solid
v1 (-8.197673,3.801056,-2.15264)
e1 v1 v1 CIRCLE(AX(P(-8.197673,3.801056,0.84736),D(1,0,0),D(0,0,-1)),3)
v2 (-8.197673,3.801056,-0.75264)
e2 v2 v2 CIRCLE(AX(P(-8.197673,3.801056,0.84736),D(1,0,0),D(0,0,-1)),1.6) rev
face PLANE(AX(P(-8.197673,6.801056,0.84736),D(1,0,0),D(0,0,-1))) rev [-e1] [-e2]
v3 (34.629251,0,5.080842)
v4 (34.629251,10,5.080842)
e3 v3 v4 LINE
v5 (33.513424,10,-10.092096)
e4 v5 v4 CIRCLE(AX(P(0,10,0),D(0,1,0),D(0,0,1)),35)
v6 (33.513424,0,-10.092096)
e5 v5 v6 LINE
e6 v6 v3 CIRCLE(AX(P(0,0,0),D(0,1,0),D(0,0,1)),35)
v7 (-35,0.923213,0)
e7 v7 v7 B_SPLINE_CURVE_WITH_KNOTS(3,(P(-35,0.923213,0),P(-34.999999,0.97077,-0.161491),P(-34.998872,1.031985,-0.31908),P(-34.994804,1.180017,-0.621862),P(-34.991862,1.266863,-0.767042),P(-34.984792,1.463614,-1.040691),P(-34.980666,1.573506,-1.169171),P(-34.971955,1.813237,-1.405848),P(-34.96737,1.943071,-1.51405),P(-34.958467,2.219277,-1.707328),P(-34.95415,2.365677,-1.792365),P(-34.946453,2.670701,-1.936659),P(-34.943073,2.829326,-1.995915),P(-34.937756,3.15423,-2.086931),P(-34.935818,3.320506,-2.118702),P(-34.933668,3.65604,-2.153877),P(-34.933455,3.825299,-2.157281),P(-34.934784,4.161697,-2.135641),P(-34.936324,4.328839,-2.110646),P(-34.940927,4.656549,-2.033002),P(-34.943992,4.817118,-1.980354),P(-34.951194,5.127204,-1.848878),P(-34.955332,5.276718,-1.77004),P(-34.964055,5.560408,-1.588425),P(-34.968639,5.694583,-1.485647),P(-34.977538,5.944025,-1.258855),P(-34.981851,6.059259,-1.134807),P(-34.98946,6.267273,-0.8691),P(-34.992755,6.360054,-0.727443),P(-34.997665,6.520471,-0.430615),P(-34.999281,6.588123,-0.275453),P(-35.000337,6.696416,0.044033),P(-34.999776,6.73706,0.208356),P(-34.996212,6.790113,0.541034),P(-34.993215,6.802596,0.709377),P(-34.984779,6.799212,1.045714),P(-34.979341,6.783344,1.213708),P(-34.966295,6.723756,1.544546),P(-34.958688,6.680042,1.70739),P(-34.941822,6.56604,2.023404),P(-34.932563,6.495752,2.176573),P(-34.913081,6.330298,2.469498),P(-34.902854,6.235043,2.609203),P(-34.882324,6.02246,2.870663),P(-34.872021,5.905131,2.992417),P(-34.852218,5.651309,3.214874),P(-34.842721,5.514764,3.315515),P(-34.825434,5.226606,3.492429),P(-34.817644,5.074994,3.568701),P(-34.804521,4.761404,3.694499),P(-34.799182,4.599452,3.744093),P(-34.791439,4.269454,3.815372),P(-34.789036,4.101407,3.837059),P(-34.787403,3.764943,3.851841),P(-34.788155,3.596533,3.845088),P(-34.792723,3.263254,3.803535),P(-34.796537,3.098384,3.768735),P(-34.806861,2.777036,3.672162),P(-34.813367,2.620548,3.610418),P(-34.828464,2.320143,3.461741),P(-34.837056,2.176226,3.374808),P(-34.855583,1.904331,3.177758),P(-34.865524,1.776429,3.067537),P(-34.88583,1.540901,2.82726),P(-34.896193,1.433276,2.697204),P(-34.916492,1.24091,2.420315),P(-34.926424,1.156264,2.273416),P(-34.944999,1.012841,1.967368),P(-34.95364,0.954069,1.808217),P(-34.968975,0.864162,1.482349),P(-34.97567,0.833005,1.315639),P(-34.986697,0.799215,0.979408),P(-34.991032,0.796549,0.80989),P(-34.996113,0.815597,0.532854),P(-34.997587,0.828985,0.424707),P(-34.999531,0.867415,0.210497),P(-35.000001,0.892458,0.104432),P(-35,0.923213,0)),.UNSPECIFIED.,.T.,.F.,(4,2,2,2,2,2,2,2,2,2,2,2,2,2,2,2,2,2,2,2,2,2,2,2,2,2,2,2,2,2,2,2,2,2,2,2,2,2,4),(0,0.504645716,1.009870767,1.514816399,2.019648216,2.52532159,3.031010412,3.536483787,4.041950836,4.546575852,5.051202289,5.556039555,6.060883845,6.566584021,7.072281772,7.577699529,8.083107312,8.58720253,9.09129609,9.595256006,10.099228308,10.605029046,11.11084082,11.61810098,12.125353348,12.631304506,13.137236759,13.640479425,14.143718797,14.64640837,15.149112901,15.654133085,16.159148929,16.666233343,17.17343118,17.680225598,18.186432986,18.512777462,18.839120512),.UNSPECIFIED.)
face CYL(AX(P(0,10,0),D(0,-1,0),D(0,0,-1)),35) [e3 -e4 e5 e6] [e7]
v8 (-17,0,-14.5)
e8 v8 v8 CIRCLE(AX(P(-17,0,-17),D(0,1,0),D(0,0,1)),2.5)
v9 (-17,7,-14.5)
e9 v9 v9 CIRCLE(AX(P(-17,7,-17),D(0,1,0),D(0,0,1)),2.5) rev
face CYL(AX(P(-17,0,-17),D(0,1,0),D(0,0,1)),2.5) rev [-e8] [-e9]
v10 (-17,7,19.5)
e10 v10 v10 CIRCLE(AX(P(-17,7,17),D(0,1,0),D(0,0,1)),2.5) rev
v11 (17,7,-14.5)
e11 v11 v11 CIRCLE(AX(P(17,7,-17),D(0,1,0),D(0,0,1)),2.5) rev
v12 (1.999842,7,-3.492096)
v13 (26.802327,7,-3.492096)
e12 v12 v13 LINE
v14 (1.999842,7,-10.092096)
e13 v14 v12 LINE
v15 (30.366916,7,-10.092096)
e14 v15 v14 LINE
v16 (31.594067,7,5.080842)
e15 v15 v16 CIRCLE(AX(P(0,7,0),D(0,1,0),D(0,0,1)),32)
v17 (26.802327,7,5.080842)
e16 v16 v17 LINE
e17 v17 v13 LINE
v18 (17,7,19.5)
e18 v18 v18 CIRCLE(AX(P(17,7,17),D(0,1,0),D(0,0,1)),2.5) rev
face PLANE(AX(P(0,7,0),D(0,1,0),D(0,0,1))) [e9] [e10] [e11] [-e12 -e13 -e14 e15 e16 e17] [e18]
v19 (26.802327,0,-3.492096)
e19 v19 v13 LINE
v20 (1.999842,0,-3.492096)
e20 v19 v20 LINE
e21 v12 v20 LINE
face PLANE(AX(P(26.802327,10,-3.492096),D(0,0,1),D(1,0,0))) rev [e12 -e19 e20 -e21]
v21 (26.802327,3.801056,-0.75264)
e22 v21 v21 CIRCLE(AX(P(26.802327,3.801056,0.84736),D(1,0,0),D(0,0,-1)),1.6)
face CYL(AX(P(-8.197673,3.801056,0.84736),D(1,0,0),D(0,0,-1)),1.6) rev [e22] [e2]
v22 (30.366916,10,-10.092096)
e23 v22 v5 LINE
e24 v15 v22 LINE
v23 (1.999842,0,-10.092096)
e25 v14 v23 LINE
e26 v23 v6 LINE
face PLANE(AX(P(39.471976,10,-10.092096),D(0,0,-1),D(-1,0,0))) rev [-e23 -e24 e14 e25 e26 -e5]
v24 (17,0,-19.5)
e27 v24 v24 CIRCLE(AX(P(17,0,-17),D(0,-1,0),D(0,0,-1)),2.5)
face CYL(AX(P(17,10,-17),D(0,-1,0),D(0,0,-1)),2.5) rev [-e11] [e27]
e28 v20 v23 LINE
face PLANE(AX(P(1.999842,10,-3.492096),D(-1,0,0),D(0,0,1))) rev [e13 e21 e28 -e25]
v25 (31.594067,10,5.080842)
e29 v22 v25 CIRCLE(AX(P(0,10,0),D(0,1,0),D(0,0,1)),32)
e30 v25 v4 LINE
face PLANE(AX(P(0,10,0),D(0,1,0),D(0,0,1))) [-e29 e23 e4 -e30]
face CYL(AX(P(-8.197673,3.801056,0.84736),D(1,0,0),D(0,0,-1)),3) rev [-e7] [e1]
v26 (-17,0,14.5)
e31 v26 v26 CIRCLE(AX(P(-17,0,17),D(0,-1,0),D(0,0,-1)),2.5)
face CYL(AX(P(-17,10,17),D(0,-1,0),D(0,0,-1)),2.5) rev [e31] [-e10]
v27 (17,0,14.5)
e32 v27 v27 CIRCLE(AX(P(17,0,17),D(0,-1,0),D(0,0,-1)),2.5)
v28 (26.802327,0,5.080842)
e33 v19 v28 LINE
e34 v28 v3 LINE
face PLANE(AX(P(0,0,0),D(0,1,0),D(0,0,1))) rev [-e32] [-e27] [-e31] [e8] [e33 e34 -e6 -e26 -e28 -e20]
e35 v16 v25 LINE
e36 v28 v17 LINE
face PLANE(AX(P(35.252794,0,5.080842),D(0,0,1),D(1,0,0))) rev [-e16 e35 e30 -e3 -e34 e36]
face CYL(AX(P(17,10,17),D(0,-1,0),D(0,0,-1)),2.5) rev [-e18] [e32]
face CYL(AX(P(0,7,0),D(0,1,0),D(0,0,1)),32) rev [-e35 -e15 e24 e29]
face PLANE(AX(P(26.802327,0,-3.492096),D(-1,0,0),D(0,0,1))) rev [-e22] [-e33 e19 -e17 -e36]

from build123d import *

# Parameters (mm, degrees)
SKETCH1_R               = 35
BOSS_EXTRUDE1_DEPTH     = 10
SKETCH27_W              = 8.45046724
SKETCH27_H              = 8.572937779
CUT_EXTRUDE8_DEPTH      = 51.497524692
CUT_EXTRUDE9_DEPTH      = 51.497524692
CUT_EXTRUDE9_DEPTH_BACK = 51.497524692
SKETCH34_R              = 2.5
SKETCH35_R              = 2.5
CUT_EXTRUDE10_DEPTH     = 51.497524692
SKETCH36_R              = 2.5
CUT_EXTRUDE11_DEPTH     = 51.497524692
SKETCH37_R              = 2.5
CUT_EXTRUDE12_DEPTH     = 51.497524692
SKETCH39_R              = 32
CUT_EXTRUDE14_DEPTH     = 3
SKETCH40_R              = 1.6
CUT_EXTRUDE16_DEPTH     = 35
SKETCH49_W              = 3
SKETCH49_H              = 26.802326962
CUT_EXTRUDE18_DEPTH     = 51.49752485


with BuildPart() as part:
    # Sketch1 → Boss-Extrude1 (new body)
    with BuildSketch(Plane(origin=(0, 0, 0), x_dir=(1, 0, 0), z_dir=(0, 1, 0))):
        with Locations(Location((0, 0, 0), (0, 0, 270))):
            Circle(SKETCH1_R)
    extrude(amount=BOSS_EXTRUDE1_DEPTH)

    # Sketch27 → Cut-Extrude8 (cut, through all)
    with BuildSketch(Plane(origin=(0, 10, 0), x_dir=(1, 0, 0), z_dir=(0, 1, 0))):
        with Locations((31.027560582, -0.794372815)):
            Rectangle(SKETCH27_W, SKETCH27_H)
    extrude(amount=-CUT_EXTRUDE8_DEPTH, mode=Mode.SUBTRACT)

    # Sketch34 → Cut-Extrude9 (cut, two sides: drawn at the far end of the back side and taken through both)
    with BuildSketch(Plane(origin=(0, 10, 0), x_dir=(1, 0, 0), z_dir=(0, 1, 0)).offset(-CUT_EXTRUDE9_DEPTH_BACK)):
        with Locations(Location((-17, 17, 0), (0, 0, 270))):
            Circle(SKETCH34_R)
    extrude(amount=CUT_EXTRUDE9_DEPTH + CUT_EXTRUDE9_DEPTH_BACK, mode=Mode.SUBTRACT)

    # Sketch35 → Cut-Extrude10 (cut, through all)
    with BuildSketch(Plane(origin=(0, 0, 0), x_dir=(-1, 0, 0), z_dir=(0, -1, 0))):
        with Locations(Location((-17, 17, 0), (0, 0, 90))):
            Circle(SKETCH35_R)
    extrude(amount=-CUT_EXTRUDE10_DEPTH, mode=Mode.SUBTRACT)

    # Sketch36 → Cut-Extrude11 (cut, through all)
    with BuildSketch(Plane(origin=(0, 0, 0), x_dir=(-1, 0, 0), z_dir=(0, -1, 0))):
        with Locations(Location((17, -17, 0), (0, 0, 90))):
            Circle(SKETCH36_R)
    extrude(amount=-CUT_EXTRUDE11_DEPTH, mode=Mode.SUBTRACT)

    # Sketch37 → Cut-Extrude12 (cut, through all)
    with BuildSketch(Plane.XZ):
        with Locations(Location((17, 17, 0), (0, 0, 270))):
            Circle(SKETCH37_R)
    extrude(amount=-CUT_EXTRUDE12_DEPTH, mode=Mode.SUBTRACT)

    # Sketch39 → Cut-Extrude14 (cut)
    with BuildSketch(Plane(origin=(0, 10, 0), x_dir=(1, 0, 0), z_dir=(0, 1, 0))):
        Circle(SKETCH39_R)
    extrude(amount=-CUT_EXTRUDE14_DEPTH, mode=Mode.SUBTRACT)

    # Sketch40 → Cut-Extrude16 (cut)
    with BuildSketch(Plane(origin=(26.802326962, 0, 0), x_dir=(0, 0, -1), z_dir=(1, 0, 0))):
        with Locations((-0.847360281, 3.801055622)):
            Circle(SKETCH40_R)
    extrude(amount=-CUT_EXTRUDE16_DEPTH, mode=Mode.SUBTRACT)

    # Sketch49 → Ø6.0mm Dowel Hole6 (revolve, cut)
    with BuildSketch(Plane(origin=(-8.197673038, 3.801055622, 0.847360281), x_dir=(0, 0, -1), z_dir=(0, 1, 0))):
        with Locations((1.5, 13.401163481)):
            Rectangle(SKETCH49_W, SKETCH49_H)
    revolve(axis=Axis((-1.847673038, 3.801055622, 0.847360281), (-1, 0, 0)), mode=Mode.SUBTRACT)

    # Sketch52 → Cut-Extrude18 (cut, through all)
    with BuildSketch(Plane(origin=(0, 0, 0), x_dir=(-1, 0, 0), z_dir=(0, -1, 0))):
        Polygon((-26.802326962, 3.492096074), (-1.999842463, 3.492096074), (-1.999842463, 10.092096074), (-33.513424129, 10.092096074), (-39.471976124, 10.092096074), (-42.019310815, 10.092096074), (-42.019310815, 3.492096074), align=None)
    extrude(amount=-CUT_EXTRUDE18_DEPTH, mode=Mode.SUBTRACT)


solid = part.part
